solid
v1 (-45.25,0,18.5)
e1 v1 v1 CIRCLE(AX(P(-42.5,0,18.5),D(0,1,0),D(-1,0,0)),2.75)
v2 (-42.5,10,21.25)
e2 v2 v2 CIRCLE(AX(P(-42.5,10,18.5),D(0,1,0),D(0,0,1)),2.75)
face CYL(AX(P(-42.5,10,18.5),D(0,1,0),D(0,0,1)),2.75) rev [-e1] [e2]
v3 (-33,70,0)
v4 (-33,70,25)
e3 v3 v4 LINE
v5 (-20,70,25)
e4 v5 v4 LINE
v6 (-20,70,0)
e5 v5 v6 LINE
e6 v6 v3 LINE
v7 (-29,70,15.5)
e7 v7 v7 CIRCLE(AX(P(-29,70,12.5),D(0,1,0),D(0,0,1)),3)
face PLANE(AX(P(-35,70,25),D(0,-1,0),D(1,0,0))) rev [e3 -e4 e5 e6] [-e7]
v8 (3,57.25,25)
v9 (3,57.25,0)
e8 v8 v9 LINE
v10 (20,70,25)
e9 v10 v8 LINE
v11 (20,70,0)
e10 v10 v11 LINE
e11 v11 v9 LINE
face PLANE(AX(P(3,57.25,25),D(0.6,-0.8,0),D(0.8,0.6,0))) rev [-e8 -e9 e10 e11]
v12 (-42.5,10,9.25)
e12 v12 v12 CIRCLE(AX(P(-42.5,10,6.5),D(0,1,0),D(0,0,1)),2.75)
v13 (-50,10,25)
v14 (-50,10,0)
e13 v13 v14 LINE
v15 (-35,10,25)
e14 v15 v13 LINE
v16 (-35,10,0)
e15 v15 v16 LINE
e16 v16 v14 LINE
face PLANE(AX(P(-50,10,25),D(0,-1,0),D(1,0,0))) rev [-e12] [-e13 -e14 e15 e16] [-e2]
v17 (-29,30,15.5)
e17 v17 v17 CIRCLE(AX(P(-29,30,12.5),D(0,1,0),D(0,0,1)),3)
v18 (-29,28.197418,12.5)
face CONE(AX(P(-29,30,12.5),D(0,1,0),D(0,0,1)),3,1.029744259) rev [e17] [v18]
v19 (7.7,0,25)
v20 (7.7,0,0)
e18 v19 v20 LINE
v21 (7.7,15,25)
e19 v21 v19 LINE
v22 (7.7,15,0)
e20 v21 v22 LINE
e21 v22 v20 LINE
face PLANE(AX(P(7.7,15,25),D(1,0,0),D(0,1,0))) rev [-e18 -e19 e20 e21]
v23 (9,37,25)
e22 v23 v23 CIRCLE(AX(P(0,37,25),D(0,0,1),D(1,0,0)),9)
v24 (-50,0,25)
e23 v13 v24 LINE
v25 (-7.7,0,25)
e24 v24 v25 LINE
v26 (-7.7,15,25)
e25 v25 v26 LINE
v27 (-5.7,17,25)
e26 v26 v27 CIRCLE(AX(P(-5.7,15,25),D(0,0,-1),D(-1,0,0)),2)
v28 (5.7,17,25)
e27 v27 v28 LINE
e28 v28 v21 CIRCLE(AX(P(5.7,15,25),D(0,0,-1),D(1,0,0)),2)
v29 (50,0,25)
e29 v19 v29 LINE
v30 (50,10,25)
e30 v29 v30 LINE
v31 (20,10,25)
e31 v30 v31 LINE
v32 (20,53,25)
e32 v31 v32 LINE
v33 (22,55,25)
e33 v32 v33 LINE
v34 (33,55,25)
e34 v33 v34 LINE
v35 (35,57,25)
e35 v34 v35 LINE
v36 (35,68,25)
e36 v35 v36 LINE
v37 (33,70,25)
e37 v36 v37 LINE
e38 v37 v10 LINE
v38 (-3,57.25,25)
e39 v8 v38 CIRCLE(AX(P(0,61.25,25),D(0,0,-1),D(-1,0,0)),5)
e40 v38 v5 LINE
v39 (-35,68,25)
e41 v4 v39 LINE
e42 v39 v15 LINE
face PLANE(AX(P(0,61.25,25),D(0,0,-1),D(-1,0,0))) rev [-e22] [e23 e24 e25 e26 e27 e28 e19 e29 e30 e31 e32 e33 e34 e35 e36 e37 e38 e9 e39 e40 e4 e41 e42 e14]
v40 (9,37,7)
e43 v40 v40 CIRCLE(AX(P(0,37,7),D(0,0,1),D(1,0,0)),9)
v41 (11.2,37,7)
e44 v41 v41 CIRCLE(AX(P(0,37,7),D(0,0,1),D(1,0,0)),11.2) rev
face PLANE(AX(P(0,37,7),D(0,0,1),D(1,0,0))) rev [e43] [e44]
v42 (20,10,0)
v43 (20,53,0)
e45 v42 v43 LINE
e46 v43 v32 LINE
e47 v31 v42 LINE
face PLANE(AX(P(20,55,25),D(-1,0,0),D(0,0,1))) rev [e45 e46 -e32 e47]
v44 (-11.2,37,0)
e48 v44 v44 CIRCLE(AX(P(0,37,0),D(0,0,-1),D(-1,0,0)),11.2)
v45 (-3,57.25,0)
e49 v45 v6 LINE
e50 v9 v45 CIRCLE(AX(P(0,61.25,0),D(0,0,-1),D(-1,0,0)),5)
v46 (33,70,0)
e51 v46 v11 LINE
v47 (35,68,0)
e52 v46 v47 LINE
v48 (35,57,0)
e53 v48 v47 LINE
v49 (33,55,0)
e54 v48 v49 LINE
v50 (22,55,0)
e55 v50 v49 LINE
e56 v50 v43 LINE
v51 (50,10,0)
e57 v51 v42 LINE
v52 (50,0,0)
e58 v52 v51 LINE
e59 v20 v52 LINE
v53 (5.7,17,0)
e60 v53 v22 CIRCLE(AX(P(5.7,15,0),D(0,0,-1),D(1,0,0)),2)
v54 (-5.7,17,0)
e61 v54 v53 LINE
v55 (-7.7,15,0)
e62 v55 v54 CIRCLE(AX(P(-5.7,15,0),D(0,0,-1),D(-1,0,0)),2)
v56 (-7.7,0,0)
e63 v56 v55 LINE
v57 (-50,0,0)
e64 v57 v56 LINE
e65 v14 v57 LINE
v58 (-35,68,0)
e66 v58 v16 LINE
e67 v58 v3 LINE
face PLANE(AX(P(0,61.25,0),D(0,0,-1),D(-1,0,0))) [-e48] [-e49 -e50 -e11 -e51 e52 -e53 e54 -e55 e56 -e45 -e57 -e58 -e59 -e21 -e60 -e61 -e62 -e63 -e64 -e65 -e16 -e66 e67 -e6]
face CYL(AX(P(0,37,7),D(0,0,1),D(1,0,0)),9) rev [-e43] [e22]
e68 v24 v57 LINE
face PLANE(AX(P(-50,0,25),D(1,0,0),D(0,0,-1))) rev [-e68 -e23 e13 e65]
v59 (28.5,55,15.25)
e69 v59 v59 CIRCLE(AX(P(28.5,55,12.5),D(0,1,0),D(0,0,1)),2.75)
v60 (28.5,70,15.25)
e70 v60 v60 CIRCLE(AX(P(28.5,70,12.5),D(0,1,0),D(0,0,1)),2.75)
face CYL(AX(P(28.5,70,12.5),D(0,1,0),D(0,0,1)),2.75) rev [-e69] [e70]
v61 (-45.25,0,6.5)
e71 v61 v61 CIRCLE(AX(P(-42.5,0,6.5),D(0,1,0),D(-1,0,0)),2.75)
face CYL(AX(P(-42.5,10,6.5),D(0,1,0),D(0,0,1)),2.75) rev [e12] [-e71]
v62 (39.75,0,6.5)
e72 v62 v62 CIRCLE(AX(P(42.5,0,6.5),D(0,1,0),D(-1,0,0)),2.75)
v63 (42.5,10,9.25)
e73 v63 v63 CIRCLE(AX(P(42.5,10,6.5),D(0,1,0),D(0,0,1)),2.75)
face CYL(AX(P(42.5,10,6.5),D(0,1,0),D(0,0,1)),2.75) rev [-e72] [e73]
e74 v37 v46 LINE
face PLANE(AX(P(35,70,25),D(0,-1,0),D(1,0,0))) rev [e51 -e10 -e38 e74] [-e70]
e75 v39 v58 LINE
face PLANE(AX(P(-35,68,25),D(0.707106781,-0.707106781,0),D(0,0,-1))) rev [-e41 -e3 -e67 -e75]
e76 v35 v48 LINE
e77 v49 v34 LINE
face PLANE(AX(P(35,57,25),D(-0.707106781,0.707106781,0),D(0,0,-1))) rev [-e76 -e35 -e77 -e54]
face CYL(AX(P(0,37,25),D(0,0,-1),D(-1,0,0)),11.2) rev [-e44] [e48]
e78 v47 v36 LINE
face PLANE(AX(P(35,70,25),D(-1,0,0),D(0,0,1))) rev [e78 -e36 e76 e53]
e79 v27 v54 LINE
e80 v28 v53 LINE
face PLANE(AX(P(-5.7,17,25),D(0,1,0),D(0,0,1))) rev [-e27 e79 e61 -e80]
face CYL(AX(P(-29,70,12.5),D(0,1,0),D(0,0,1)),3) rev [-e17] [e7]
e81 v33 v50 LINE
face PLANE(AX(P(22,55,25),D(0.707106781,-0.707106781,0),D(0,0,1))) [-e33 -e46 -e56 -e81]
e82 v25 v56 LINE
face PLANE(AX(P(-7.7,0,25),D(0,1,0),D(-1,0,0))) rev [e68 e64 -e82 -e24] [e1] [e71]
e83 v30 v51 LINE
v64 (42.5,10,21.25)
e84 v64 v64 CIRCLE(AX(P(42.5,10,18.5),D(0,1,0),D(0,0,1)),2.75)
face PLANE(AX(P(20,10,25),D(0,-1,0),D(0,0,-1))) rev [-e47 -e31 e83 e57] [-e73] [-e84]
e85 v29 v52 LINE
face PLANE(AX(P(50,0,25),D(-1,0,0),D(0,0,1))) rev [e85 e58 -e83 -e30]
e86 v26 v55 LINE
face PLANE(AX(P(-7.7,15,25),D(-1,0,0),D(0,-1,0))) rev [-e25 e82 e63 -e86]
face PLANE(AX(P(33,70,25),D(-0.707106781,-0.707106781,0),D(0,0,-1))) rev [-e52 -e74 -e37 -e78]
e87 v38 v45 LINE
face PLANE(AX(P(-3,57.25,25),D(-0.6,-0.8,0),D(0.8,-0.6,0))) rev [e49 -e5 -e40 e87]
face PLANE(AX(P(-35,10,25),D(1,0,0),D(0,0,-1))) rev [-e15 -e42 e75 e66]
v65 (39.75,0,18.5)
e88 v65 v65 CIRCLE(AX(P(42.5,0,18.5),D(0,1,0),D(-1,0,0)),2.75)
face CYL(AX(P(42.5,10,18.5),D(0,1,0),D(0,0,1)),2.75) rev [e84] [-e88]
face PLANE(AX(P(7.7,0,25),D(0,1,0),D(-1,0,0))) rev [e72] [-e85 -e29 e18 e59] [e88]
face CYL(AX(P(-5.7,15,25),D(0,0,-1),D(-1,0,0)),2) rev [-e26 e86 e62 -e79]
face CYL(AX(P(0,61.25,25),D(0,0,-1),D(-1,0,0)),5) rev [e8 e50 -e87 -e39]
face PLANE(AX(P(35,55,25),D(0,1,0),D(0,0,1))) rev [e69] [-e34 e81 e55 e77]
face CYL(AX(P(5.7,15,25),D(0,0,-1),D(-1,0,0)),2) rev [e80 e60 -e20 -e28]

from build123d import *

# Parameters (mm, degrees)
BOSS_EXTRUDE1_DEPTH       = 25
SKETCH2_R                 = 11.2
CUT_EXTRUDE1_DEPTH        = 90.582364336
CHAMFER2_SIZE             = 2
SKETCH11_R                = 11.4
SKETCH11_R_2              = 9
BOSS_EXTRUDE3_DEPTH       = 18
M5_CLEARANCE_HOLE1_D      = 5.5
M5_CLEARANCE_HOLE2_D      = 5.5
M5_CLEARANCE_HOLE2_DEPTH  = 15
F_6_0MM_DOWEL_HOLE1_D     = 6
F_6_0MM_DOWEL_HOLE1_DEPTH = 40
F_6_0MM_DOWEL_HOLE1_TIP   = 1.802581857


with BuildPart() as part:
    # Sketch1 → Boss-Extrude1 (new body)
    with BuildSketch(Plane.XY):
        with BuildLine():
            Line((50, 0), (50, 10))
            Line((50, 10), (35, 10))
            Line((35, 10), (20, 10))
            Line((20, 10), (20, 55))
            Line((20, 55), (35, 55))
            Line((35, 55), (35, 70))
            Line((35, 70), (20, 70))
            Line((20, 70), (3, 57.25))
            ThreePointArc((3, 57.25), (0, 56.25), (-3, 57.25))
            Line((-3, 57.25), (-20, 70))
            Line((-20, 70), (-35, 70))
            Line((-35, 70), (-35, 10))
            Line((-35, 10), (-50, 10))
            Line((-50, 10), (-50, 0))
            Line((-50, 0), (-7.7, 0))
            Line((-7.7, 0), (-7.7, 15))
            ThreePointArc((-7.7, 15), (-7.114213562, 16.414213562), (-5.7, 17))
            Line((-5.7, 17), (5.7, 17))
            ThreePointArc((5.7, 17), (7.114213562, 16.414213562), (7.7, 15))
            Line((7.7, 15), (7.7, 0))
            Line((7.7, 0), (50, 0))
        make_face()
    extrude(amount=BOSS_EXTRUDE1_DEPTH)

    # Sketch2 → Cut-Extrude1 (cut, through all)
    with BuildSketch(Plane(origin=(0, 0, 0), x_dir=(-1, 0, 0), z_dir=(0, 0, -1))):
        with Locations((0, 37)):
            Circle(SKETCH2_R)
    extrude(amount=-CUT_EXTRUDE1_DEPTH, mode=Mode.SUBTRACT)

    # Chamfer2
    chamfer2_edges = [part.edges().sort_by_distance(p)[0] for p in [
        (-35, 70, 12.5),
        (35, 70, 12.5),
        (35, 55, 12.5),
        (20, 55, 12.5),
    ]]
    chamfer(chamfer2_edges, length=CHAMFER2_SIZE)

    # Sketch11 → Boss-Extrude3 (add)
    with BuildSketch(Plane.XY.offset(25)):
        with Locations((0, 37)):
            Circle(SKETCH11_R)
        with Locations((0, 37)):
            Circle(SKETCH11_R_2, mode=Mode.SUBTRACT)
    extrude(amount=-BOSS_EXTRUDE3_DEPTH)

    # M5 Clearance Hole1 (through all)
    with Locations(Plane(origin=(0, 10, 0), x_dir=(1, 0, 0), z_dir=(0, 1, 0))):
        with Locations((42.5, -18.5), (42.5, -6.5), (-42.5, -18.5), (-42.5, -6.5)):
            Hole(M5_CLEARANCE_HOLE1_D / 2)

    # M5 Clearance Hole2
    with Locations(Plane(origin=(0, 70, 0), x_dir=(1, 0, 0), z_dir=(0, 1, 0))):
        with Locations((28.5, -12.5)):
            Hole(M5_CLEARANCE_HOLE2_D / 2, depth=M5_CLEARANCE_HOLE2_DEPTH)

    # Ø6.0mm Dowel Hole1
    with Locations(Plane(origin=(0, 70, 0), x_dir=(1, 0, 0), z_dir=(0, 1, 0))):
        with Locations((-29, -12.5)):
            Hole(F_6_0MM_DOWEL_HOLE1_D / 2, depth=F_6_0MM_DOWEL_HOLE1_DEPTH)
            with Locations((0, 0, -(F_6_0MM_DOWEL_HOLE1_DEPTH + F_6_0MM_DOWEL_HOLE1_TIP / 2))):  # 118° drill point
                Cone(0, F_6_0MM_DOWEL_HOLE1_D / 2, F_6_0MM_DOWEL_HOLE1_TIP, mode=Mode.SUBTRACT)


solid = part.part
